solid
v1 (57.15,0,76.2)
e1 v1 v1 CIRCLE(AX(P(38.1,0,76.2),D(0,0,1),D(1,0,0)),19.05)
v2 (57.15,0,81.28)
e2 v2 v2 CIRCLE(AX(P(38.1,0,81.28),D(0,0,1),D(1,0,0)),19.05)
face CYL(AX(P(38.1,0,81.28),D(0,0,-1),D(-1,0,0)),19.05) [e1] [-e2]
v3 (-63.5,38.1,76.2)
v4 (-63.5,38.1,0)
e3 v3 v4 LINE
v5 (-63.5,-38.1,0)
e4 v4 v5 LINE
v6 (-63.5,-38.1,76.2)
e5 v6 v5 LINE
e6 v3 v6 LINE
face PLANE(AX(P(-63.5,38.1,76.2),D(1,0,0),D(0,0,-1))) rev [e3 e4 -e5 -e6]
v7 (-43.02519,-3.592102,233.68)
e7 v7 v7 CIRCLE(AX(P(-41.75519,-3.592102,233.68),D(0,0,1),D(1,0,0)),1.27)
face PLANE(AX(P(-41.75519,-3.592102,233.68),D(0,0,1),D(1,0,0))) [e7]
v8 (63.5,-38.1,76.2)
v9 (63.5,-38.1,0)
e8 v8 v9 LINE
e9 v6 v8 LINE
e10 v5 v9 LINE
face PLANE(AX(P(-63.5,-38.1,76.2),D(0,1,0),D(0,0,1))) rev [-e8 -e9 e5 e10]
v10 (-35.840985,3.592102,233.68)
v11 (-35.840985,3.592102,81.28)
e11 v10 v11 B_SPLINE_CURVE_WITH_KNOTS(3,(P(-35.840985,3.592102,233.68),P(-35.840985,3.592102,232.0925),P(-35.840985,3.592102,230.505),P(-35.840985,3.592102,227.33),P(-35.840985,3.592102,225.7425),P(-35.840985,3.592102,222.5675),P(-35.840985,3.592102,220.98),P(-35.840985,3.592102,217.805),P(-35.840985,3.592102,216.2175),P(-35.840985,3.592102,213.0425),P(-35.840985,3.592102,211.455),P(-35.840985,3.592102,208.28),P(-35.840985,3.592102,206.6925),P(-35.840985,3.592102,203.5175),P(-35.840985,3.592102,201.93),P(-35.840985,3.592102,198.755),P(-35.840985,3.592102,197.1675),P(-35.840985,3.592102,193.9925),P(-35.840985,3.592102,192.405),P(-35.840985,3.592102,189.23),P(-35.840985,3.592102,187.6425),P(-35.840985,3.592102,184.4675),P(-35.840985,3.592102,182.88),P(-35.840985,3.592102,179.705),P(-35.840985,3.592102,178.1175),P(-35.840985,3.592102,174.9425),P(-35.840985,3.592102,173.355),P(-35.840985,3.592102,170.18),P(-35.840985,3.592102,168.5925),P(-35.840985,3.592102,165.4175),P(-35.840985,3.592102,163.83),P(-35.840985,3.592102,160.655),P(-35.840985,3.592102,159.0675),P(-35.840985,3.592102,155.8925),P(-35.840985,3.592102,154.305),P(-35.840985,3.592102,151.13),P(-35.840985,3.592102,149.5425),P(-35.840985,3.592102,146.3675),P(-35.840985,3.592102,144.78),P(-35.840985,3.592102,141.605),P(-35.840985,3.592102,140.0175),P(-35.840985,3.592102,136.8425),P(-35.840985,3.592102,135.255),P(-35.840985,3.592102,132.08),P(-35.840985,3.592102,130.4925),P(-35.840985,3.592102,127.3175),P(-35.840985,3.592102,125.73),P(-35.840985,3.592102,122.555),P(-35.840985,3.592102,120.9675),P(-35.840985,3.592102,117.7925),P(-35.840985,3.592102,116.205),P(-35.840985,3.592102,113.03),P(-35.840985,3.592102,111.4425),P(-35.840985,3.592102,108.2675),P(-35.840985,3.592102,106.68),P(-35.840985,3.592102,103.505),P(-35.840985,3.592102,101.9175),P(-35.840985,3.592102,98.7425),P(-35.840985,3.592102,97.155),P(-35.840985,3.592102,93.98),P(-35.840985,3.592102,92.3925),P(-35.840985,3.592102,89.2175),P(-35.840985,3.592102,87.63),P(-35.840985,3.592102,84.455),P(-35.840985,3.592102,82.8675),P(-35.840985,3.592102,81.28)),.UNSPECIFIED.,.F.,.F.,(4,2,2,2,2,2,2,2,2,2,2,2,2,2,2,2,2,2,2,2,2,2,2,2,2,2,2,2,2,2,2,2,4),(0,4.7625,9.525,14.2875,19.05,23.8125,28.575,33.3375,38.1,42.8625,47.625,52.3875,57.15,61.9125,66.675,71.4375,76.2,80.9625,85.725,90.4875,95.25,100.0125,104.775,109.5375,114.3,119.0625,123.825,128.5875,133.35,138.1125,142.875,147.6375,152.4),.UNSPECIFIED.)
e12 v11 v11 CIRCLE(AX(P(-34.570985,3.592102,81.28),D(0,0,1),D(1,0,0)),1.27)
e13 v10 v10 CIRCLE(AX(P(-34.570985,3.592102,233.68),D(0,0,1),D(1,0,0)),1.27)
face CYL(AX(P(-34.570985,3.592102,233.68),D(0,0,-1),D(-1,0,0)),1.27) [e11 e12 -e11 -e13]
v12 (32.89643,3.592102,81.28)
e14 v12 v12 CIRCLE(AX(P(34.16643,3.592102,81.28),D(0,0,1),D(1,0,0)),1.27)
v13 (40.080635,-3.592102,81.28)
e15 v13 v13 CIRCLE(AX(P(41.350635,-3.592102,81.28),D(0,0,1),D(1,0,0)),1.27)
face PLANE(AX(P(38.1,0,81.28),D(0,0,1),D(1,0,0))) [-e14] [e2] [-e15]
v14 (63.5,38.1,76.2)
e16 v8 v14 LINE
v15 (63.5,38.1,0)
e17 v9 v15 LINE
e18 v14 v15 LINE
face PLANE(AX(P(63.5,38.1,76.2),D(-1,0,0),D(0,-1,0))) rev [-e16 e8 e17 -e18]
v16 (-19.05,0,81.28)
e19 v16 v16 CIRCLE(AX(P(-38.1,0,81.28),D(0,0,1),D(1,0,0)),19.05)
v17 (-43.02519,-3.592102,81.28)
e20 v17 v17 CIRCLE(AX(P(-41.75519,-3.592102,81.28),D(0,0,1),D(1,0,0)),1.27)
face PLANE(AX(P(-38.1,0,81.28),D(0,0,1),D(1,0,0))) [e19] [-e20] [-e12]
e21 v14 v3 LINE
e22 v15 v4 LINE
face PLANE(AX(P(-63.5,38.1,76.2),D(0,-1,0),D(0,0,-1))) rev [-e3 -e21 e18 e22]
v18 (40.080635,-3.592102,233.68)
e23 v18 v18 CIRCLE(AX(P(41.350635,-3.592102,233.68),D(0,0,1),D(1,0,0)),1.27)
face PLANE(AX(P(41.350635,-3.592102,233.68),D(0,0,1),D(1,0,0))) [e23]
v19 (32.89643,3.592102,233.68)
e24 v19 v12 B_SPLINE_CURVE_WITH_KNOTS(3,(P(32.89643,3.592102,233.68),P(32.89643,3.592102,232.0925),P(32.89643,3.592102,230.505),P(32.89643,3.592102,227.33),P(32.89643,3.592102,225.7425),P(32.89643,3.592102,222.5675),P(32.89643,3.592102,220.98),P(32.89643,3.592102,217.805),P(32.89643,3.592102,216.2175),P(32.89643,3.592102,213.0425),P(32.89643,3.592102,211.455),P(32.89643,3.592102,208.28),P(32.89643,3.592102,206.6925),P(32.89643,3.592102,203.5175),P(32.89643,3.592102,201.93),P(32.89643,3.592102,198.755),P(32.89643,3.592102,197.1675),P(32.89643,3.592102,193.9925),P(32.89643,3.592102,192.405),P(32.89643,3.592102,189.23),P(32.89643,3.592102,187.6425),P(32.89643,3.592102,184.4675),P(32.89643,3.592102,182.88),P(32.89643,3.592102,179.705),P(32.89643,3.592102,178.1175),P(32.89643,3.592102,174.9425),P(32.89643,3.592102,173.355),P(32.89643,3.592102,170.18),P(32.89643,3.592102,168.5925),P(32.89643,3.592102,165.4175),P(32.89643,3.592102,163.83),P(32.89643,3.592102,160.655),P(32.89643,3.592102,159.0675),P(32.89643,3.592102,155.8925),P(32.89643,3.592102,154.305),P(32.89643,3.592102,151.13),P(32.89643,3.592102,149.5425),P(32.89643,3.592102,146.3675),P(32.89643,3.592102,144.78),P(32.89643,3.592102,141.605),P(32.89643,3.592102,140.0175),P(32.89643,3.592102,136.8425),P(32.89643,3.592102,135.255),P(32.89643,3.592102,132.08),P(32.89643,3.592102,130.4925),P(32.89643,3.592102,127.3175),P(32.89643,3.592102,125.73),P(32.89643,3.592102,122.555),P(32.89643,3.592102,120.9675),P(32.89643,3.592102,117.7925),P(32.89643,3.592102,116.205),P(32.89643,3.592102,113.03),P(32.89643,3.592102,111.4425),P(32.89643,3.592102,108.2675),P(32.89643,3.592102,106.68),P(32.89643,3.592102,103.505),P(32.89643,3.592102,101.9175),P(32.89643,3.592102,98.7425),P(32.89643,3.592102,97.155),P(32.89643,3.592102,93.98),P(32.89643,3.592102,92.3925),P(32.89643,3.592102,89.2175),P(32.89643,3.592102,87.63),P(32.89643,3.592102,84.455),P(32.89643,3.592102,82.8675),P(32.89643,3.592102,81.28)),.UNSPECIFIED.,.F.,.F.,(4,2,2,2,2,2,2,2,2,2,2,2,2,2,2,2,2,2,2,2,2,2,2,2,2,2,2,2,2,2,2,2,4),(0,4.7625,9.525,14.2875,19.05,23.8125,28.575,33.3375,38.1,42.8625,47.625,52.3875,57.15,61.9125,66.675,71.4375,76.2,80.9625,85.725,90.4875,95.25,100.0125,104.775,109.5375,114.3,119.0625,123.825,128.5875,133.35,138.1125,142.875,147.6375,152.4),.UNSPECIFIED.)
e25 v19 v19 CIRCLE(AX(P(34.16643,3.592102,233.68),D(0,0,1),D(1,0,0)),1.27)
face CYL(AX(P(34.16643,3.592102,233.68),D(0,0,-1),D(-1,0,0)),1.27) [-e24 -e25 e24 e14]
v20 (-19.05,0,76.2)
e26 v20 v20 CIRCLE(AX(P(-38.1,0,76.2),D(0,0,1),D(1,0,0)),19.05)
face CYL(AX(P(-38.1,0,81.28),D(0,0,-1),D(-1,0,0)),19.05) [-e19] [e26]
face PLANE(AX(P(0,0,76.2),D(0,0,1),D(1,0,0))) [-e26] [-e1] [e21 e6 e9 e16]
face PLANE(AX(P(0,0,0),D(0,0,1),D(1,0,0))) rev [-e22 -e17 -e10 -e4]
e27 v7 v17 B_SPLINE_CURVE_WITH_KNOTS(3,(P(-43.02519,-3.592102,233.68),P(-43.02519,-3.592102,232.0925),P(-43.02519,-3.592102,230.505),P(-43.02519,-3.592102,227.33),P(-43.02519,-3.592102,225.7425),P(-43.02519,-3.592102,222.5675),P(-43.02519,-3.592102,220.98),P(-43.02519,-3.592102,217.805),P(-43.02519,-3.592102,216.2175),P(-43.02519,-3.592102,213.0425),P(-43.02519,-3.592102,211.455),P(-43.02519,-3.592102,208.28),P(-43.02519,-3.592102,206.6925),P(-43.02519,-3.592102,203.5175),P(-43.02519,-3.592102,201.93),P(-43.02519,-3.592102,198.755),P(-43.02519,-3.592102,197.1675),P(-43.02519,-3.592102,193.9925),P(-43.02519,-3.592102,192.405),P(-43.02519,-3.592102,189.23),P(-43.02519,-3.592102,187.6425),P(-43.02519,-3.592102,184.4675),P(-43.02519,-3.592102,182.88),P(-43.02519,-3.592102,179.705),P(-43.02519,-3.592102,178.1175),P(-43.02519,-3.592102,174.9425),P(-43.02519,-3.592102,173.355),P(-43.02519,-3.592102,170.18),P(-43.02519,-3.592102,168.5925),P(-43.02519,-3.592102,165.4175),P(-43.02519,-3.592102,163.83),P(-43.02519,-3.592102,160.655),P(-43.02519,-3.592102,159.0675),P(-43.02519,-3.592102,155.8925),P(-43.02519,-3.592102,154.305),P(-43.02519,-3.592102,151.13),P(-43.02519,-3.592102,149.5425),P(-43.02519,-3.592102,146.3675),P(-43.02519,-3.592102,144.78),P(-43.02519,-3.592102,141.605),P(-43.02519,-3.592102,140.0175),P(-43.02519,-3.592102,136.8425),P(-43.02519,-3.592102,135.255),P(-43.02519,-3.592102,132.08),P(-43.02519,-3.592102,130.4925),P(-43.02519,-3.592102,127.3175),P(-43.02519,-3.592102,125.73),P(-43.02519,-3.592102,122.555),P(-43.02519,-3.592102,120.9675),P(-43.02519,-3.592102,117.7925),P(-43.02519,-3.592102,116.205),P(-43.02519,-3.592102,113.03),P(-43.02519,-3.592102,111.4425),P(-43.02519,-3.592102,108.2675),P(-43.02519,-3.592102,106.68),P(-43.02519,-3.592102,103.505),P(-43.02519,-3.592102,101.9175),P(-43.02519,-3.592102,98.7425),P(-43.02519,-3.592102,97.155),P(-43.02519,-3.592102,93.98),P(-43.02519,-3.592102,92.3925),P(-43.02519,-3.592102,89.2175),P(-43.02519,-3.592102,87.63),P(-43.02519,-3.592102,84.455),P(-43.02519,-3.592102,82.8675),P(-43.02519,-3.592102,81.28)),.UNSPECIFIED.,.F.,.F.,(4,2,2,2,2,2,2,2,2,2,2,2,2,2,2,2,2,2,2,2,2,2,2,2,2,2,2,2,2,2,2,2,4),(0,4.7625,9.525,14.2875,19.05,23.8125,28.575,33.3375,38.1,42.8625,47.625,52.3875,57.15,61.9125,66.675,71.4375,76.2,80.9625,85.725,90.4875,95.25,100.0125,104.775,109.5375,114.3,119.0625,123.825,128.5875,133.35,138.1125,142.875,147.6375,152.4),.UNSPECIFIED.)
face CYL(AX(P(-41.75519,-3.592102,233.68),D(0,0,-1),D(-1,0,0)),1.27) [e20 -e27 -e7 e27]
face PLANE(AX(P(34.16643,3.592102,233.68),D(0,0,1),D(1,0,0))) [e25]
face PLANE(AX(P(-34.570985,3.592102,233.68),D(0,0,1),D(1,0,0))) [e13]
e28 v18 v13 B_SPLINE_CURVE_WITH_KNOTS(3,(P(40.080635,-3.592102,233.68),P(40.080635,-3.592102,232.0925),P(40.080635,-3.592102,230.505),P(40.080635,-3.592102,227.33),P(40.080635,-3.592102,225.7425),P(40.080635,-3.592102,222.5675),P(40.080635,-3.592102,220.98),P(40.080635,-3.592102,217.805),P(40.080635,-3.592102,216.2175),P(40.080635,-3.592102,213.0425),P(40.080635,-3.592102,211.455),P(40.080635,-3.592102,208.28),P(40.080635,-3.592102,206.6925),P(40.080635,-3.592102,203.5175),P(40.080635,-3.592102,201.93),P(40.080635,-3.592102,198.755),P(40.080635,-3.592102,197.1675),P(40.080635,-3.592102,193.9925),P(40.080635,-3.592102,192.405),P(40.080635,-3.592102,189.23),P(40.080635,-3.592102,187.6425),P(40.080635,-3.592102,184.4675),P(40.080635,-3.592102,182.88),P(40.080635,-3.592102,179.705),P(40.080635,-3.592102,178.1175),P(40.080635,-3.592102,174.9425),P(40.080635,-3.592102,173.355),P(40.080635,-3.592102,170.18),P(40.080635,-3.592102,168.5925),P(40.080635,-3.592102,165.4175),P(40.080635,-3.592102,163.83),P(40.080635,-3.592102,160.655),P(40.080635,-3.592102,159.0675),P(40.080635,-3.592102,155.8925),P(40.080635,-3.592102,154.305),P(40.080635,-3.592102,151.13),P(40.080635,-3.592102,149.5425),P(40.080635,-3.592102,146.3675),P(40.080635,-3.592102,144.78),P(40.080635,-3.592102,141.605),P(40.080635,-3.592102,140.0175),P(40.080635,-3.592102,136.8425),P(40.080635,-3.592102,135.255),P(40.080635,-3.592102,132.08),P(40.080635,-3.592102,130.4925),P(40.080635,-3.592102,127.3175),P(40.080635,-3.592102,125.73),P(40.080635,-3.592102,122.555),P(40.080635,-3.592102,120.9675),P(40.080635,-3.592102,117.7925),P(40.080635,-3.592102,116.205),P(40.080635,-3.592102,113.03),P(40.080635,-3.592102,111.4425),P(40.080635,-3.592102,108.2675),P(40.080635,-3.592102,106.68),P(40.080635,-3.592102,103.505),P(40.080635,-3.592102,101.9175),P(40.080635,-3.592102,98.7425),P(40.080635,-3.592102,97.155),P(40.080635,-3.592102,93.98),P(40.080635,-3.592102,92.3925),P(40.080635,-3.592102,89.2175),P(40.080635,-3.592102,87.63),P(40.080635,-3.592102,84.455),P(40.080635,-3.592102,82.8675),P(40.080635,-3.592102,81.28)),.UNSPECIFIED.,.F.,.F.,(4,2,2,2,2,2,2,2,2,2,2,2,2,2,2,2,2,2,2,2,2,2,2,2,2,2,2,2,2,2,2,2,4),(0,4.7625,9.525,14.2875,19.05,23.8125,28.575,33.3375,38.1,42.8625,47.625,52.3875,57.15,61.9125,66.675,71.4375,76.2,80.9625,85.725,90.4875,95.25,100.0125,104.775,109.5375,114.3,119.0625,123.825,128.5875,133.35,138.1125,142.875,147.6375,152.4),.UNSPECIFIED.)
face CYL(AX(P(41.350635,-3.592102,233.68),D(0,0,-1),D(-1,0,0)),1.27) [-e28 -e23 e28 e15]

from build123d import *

# Parameters (mm, degrees)
SKETCH1_W           = 127
SKETCH1_H           = 76.2
BOSS_EXTRUDE1_DEPTH = 76.2
SKETCH2_R           = 19.05
BOSS_EXTRUDE2_DEPTH = 5.08
SKETCH3_R           = 1.27
BOSS_EXTRUDE3_DEPTH = 152.4


with BuildPart() as part:
    # Sketch1 → Boss-Extrude1 (new body)
    with BuildSketch(Plane.XY):
        Rectangle(SKETCH1_W, SKETCH1_H)
    extrude(amount=BOSS_EXTRUDE1_DEPTH)

    # Sketch2 → Boss-Extrude2 (add)
    with BuildSketch(Plane.XY.offset(76.2)):
        with Locations((38.1, 0)):
            Circle(SKETCH2_R)
        with Locations((-38.1, 0)):
            Circle(SKETCH2_R)
    extrude(amount=BOSS_EXTRUDE2_DEPTH)

    # Sketch3 → Boss-Extrude3 (add)
    with BuildSketch(Plane.XY.offset(81.28)):
        with Locations(Location((41.35063463, -3.592102448, 0), (0, 0, 180))):
            Circle(SKETCH3_R)
        with Locations(Location((34.166429733, 3.592102448, 0), (0, 0, 180))):
            Circle(SKETCH3_R)
        with Locations(Location((-41.755190332, -3.592102448, 0), (0, 0, 180))):
            Circle(SKETCH3_R)
        with Locations(Location((-34.570985435, 3.592102448, 0), (0, 0, 180))):
            Circle(SKETCH3_R)
    extrude(amount=BOSS_EXTRUDE3_DEPTH)


solid = part.part
